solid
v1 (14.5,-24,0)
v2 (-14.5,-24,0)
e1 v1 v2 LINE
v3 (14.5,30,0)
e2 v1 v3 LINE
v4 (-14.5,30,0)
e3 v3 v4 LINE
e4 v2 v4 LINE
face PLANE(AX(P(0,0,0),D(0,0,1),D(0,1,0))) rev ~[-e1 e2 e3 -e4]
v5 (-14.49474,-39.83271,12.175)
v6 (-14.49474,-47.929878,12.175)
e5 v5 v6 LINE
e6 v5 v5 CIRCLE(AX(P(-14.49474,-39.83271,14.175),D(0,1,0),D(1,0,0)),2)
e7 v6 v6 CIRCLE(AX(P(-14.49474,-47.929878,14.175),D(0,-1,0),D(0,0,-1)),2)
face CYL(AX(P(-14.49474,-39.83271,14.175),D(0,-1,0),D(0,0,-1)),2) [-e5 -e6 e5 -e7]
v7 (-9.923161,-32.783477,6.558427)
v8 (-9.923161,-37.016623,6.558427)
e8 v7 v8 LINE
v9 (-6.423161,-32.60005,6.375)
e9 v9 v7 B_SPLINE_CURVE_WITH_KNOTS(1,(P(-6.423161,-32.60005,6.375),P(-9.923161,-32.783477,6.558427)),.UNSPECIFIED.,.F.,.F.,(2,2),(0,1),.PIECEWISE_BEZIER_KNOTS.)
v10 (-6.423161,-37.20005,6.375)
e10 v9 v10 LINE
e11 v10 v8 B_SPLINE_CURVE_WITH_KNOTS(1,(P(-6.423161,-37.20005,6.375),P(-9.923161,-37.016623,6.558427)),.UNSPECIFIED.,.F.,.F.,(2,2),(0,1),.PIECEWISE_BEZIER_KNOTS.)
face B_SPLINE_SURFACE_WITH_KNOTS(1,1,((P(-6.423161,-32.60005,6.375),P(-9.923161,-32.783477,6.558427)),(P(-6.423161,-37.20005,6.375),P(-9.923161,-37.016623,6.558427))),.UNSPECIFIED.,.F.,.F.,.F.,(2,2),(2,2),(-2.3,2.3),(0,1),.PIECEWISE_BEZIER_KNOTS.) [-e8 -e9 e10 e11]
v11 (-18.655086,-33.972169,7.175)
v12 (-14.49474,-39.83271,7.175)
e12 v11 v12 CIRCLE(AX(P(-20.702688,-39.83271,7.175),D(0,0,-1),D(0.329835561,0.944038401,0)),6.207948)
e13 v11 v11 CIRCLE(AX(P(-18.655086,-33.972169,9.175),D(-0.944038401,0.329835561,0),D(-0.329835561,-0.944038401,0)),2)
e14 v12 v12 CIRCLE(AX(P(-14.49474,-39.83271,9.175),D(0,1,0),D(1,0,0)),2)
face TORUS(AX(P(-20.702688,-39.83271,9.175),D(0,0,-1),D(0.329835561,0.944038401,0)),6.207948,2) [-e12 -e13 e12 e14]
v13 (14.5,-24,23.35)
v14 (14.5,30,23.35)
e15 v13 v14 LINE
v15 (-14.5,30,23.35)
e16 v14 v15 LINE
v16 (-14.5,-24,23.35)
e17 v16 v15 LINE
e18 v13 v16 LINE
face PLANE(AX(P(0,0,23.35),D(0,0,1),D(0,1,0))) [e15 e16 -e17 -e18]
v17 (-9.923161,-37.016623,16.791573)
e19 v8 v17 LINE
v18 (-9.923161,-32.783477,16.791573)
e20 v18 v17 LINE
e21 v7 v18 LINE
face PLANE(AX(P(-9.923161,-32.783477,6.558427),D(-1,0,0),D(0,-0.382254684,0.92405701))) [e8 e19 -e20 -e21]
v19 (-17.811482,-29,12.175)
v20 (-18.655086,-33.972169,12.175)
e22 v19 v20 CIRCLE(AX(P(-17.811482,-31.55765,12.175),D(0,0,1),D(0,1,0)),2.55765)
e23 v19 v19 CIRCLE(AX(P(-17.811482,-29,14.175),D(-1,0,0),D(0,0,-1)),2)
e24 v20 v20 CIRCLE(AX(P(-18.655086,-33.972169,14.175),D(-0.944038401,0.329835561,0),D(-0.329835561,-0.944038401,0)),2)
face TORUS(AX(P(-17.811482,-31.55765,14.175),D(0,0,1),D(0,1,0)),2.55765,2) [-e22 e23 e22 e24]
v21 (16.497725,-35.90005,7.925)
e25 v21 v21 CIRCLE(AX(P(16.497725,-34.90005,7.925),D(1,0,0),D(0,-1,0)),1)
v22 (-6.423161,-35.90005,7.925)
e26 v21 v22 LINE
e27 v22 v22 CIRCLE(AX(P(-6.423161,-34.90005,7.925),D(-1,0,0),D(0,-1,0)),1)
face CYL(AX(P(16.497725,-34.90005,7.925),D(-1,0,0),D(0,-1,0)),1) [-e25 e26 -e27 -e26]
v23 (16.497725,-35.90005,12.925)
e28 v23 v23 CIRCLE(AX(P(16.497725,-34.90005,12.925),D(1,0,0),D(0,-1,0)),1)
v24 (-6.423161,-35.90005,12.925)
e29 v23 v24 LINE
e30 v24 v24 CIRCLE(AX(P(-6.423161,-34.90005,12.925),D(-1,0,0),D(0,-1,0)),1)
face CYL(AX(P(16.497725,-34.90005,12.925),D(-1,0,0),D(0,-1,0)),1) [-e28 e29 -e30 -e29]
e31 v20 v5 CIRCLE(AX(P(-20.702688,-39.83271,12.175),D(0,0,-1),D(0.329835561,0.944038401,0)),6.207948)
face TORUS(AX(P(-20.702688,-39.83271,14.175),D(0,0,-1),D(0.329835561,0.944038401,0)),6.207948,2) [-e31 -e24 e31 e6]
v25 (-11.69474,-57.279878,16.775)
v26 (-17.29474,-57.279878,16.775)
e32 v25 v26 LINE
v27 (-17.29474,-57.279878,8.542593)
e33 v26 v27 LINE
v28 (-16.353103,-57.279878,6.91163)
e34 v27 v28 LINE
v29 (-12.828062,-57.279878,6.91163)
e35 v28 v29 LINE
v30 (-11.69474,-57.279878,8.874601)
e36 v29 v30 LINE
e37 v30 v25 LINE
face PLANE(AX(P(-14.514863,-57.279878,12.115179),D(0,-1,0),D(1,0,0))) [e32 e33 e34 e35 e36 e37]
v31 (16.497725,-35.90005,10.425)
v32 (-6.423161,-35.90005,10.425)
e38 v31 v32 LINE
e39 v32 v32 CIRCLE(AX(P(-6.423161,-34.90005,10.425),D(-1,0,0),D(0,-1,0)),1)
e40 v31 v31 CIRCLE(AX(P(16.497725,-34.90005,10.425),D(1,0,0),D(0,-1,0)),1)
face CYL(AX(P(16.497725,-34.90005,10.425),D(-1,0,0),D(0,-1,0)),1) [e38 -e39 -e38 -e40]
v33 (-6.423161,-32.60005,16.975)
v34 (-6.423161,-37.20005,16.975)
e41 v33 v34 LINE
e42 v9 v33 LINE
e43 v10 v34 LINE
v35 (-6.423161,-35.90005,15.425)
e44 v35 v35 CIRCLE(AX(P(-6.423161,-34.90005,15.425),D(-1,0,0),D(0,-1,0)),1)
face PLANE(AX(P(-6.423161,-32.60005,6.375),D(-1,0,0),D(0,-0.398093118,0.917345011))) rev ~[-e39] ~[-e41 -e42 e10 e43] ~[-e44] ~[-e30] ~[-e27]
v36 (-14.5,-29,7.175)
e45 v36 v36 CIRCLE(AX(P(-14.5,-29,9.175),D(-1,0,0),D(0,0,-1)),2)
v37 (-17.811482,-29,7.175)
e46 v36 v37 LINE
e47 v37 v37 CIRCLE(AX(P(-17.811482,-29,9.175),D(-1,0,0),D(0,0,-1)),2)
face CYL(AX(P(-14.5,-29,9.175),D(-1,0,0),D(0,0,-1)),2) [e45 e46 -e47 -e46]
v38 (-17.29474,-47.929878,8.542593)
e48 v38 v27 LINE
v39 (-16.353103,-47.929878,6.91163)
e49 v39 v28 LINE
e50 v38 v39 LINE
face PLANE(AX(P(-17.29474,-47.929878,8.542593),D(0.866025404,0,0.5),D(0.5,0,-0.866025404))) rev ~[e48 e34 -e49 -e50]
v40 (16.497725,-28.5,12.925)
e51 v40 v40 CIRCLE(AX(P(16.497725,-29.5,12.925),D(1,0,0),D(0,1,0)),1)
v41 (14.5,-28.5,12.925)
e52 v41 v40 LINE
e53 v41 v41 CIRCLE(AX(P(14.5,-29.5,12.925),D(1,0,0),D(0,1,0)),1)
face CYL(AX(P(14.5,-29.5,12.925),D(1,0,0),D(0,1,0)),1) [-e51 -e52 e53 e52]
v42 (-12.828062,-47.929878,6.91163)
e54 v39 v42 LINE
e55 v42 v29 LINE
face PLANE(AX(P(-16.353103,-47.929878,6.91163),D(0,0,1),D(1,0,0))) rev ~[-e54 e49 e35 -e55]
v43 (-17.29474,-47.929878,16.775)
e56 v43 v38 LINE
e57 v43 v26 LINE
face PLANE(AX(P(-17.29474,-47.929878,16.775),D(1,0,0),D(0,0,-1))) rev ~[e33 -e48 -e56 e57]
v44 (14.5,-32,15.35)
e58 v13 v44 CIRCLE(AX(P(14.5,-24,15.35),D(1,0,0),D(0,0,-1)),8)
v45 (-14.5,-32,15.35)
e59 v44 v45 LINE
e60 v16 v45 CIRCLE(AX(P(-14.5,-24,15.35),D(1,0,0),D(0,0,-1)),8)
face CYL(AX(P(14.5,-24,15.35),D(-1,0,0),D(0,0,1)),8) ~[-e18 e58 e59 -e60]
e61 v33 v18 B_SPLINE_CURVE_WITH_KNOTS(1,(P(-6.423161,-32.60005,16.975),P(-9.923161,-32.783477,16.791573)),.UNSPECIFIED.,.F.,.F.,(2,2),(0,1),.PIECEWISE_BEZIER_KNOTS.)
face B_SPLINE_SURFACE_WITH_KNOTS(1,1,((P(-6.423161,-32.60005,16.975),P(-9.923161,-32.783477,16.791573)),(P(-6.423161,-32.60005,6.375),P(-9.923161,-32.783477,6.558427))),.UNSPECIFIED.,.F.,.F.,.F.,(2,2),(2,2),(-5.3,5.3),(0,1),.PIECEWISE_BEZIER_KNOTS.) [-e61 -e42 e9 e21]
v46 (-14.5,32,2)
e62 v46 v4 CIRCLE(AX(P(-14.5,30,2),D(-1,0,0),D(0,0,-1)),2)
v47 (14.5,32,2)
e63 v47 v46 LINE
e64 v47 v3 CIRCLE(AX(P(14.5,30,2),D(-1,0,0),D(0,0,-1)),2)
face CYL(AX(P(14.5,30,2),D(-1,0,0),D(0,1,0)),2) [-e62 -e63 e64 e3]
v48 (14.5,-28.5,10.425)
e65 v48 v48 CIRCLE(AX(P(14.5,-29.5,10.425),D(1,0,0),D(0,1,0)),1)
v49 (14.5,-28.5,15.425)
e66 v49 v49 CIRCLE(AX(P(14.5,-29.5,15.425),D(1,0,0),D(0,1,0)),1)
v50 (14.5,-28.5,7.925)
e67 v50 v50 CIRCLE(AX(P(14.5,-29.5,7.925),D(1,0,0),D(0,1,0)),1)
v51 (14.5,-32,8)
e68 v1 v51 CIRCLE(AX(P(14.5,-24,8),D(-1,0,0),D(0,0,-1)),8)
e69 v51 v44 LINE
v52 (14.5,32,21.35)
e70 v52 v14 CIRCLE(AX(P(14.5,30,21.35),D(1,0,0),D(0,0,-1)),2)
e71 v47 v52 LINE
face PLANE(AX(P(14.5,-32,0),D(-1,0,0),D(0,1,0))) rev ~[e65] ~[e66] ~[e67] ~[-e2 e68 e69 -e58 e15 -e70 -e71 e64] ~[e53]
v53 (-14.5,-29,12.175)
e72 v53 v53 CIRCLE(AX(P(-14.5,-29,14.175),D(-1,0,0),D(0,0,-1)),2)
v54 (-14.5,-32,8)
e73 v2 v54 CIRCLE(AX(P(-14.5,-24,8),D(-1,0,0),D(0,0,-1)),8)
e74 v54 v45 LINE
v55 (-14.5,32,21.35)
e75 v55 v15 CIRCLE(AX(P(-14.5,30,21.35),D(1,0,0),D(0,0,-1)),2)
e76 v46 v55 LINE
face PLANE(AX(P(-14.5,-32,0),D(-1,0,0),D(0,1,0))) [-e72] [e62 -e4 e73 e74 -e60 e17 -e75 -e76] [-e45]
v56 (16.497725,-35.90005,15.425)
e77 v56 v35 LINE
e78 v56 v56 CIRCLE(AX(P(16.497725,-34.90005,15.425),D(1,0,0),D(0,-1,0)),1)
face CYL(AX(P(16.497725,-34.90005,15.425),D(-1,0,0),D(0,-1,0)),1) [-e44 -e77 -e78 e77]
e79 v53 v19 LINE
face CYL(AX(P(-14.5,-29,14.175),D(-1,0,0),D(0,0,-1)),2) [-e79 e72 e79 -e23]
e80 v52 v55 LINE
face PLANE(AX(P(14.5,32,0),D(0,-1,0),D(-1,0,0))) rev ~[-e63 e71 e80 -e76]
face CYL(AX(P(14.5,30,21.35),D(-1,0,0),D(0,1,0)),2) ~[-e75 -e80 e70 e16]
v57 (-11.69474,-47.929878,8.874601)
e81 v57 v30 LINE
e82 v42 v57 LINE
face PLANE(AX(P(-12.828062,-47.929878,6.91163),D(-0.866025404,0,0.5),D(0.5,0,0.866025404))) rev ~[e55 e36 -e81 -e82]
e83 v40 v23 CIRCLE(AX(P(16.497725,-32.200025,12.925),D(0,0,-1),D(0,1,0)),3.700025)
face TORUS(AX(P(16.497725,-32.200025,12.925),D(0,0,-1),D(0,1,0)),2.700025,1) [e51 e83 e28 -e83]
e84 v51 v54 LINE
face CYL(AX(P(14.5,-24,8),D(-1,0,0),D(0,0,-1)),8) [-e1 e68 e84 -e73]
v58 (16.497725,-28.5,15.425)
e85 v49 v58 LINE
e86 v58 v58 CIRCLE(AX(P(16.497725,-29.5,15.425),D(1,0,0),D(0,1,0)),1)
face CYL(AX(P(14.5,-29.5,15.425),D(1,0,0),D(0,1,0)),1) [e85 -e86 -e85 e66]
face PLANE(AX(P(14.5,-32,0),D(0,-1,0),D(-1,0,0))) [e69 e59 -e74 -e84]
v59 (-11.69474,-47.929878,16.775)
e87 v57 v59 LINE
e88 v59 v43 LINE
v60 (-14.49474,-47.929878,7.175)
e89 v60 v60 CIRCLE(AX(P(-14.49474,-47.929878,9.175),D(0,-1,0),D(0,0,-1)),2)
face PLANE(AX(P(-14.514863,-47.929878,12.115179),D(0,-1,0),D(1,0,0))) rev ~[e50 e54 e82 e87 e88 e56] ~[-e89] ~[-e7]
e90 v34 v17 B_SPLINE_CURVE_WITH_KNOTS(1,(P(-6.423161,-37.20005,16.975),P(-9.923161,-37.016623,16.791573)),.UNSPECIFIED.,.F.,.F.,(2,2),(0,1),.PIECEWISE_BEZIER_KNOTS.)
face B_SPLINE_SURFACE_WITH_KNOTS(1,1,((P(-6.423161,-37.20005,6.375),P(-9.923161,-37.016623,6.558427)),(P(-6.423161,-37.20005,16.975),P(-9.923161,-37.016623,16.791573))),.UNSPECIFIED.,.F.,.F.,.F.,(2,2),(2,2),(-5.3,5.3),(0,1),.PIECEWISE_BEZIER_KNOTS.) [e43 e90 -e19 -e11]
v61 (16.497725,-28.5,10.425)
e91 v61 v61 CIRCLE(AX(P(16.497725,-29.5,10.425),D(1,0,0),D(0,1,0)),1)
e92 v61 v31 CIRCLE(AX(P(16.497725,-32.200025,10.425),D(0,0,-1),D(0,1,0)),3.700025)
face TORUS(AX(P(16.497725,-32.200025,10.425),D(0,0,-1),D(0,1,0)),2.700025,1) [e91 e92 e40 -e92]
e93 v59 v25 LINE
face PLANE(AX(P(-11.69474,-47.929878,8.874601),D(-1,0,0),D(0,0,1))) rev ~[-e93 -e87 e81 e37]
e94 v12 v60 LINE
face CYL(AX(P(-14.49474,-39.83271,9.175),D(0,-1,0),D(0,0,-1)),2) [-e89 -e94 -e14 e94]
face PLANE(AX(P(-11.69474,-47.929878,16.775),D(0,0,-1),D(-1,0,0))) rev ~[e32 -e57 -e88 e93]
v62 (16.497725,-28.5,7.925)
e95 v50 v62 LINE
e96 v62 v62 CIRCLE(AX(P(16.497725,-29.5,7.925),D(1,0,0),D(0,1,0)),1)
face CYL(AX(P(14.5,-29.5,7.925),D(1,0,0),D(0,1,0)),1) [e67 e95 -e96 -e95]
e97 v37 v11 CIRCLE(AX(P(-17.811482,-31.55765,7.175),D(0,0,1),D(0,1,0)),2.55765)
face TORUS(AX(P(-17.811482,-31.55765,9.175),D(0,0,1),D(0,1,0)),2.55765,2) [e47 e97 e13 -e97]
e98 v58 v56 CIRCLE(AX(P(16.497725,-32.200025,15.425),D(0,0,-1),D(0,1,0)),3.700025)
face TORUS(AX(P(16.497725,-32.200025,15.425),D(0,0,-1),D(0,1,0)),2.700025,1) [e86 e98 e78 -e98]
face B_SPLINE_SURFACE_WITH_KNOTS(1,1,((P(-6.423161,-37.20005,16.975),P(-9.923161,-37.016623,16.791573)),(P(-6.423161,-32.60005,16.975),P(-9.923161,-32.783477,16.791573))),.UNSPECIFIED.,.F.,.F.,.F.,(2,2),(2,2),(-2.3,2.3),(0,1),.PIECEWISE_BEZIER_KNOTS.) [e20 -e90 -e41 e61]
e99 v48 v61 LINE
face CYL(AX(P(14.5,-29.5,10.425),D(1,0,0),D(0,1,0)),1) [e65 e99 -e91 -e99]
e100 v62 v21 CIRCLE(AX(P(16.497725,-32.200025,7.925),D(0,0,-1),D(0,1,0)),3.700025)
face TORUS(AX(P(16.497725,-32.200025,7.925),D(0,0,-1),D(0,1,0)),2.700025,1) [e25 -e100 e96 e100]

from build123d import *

# Parameters (mm, degrees)
SKETCH1_W           = 64
SKETCH1_H           = 29
BOSS_EXTRUDE1_DEPTH = 23.35
FILLET1_R           = 2
SKETCH2_R           = 2
SKETCH5_R           = 1
SKETCH7_W           = 4.6
SKETCH7_H           = 10.6
BOSS_EXTRUDE2_DEPTH = 3.5
BOSS_EXTRUDE2_TAPER = 3
BOSS_EXTRUDE3_DEPTH = 9.35
FILLET3_R           = 8


with BuildPart() as part:
    # Sketch1 → Boss-Extrude1 (new body)
    with BuildSketch(Plane(origin=(0, 0, 0), x_dir=(0, 1, 0), z_dir=(0, 0, 1))):
        Rectangle(SKETCH1_W, SKETCH1_H)
    extrude(amount=BOSS_EXTRUDE1_DEPTH)

    # Fillet1
    fillet1_edges = [part.edges().sort_by_distance(p)[0] for p in [
        (0, 32, 23.35),
        (0, 32, 0),
    ]]
    fillet(fillet1_edges, radius=FILLET1_R)

    # Sweep2: sweep along a path in Sketch4
    with BuildLine(Plane(origin=(0, 0, 0), x_dir=(0, 1, 0), z_dir=(0, 0, 1))) as sweep2_path:
        Line((-29, 14.5), (-29, 17.811482156))
        ThreePointArc((-29, 17.811482156), (-31.129819741, 20.333095361), (-33.97216907, 18.655085952))
        ThreePointArc((-33.97216907, 18.655085952), (-36.239159807, 15.640572518), (-39.83271041, 14.494739937))
        Line((-39.83271041, 14.494739937), (-47.929878258, 14.494739937))
    # Sketch2 → Sweep2 (sweep)
    with BuildSketch(Plane(origin=(-14.5, 0, 10), x_dir=(0, 0, -1), z_dir=(1, 0, 0))):
        with Locations((0.825, -29)):
            Circle(SKETCH2_R)
        with Locations((-4.175, -29)):
            Circle(SKETCH2_R)
    sweep(path=sweep2_path.line)

    # Sweep3: sweep along a path in Sketch6
    with BuildLine(Plane(origin=(0, 0, 0), x_dir=(0, 1, 0), z_dir=(0, 0, 1))) as sweep3_path:
        Line((-29.5, -14.5), (-29.5, -16.497724548))
        ThreePointArc((-29.5, -16.497724548), (-32.200025095, -19.197749643), (-34.900050191, -16.497724548))
        Line((-34.900050191, -16.497724548), (-34.900050191, 6.423160741))
    # Sketch5 → Sweep3 (sweep)
    with BuildSketch(Plane.YZ.offset(14.5)):
        with Locations((-29.5, 12.925)):
            Circle(SKETCH5_R)
        with Locations((-29.5, 10.425)):
            Circle(SKETCH5_R)
        with Locations((-29.5, 15.425)):
            Circle(SKETCH5_R)
        with Locations((-29.5, 7.925)):
            Circle(SKETCH5_R)
    sweep(path=sweep3_path.line)

    # Sketch7 → Boss-Extrude2 (add)
    with BuildSketch(Plane(origin=(-6.423160741, 0, 0), x_dir=(0, -1, 0), z_dir=(-1, 0, 0))):
        with Locations((34.900050191, 11.675)):
            Rectangle(SKETCH7_W, SKETCH7_H)
    extrude(amount=BOSS_EXTRUDE2_DEPTH, taper=BOSS_EXTRUDE2_TAPER)

    # Sketch8 → Boss-Extrude3 (add)
    with BuildSketch(Plane.XZ.offset(47.929878258)):
        Polygon((-16.35310297, 6.911630097), (-12.828061558, 6.911630097), (-11.694739937, 8.874600725), (-11.694739937, 16.775), (-17.294739937, 16.775), (-17.294739937, 8.542593166), align=None)
    extrude(amount=BOSS_EXTRUDE3_DEPTH)

    # Fillet3
    fillet3_edges = [part.edges().sort_by_distance(p)[0] for p in [
        (0, -32, 23.35),
        (0, -32, 0),
    ]]
    fillet(fillet3_edges, radius=FILLET3_R)


solid = part.part
